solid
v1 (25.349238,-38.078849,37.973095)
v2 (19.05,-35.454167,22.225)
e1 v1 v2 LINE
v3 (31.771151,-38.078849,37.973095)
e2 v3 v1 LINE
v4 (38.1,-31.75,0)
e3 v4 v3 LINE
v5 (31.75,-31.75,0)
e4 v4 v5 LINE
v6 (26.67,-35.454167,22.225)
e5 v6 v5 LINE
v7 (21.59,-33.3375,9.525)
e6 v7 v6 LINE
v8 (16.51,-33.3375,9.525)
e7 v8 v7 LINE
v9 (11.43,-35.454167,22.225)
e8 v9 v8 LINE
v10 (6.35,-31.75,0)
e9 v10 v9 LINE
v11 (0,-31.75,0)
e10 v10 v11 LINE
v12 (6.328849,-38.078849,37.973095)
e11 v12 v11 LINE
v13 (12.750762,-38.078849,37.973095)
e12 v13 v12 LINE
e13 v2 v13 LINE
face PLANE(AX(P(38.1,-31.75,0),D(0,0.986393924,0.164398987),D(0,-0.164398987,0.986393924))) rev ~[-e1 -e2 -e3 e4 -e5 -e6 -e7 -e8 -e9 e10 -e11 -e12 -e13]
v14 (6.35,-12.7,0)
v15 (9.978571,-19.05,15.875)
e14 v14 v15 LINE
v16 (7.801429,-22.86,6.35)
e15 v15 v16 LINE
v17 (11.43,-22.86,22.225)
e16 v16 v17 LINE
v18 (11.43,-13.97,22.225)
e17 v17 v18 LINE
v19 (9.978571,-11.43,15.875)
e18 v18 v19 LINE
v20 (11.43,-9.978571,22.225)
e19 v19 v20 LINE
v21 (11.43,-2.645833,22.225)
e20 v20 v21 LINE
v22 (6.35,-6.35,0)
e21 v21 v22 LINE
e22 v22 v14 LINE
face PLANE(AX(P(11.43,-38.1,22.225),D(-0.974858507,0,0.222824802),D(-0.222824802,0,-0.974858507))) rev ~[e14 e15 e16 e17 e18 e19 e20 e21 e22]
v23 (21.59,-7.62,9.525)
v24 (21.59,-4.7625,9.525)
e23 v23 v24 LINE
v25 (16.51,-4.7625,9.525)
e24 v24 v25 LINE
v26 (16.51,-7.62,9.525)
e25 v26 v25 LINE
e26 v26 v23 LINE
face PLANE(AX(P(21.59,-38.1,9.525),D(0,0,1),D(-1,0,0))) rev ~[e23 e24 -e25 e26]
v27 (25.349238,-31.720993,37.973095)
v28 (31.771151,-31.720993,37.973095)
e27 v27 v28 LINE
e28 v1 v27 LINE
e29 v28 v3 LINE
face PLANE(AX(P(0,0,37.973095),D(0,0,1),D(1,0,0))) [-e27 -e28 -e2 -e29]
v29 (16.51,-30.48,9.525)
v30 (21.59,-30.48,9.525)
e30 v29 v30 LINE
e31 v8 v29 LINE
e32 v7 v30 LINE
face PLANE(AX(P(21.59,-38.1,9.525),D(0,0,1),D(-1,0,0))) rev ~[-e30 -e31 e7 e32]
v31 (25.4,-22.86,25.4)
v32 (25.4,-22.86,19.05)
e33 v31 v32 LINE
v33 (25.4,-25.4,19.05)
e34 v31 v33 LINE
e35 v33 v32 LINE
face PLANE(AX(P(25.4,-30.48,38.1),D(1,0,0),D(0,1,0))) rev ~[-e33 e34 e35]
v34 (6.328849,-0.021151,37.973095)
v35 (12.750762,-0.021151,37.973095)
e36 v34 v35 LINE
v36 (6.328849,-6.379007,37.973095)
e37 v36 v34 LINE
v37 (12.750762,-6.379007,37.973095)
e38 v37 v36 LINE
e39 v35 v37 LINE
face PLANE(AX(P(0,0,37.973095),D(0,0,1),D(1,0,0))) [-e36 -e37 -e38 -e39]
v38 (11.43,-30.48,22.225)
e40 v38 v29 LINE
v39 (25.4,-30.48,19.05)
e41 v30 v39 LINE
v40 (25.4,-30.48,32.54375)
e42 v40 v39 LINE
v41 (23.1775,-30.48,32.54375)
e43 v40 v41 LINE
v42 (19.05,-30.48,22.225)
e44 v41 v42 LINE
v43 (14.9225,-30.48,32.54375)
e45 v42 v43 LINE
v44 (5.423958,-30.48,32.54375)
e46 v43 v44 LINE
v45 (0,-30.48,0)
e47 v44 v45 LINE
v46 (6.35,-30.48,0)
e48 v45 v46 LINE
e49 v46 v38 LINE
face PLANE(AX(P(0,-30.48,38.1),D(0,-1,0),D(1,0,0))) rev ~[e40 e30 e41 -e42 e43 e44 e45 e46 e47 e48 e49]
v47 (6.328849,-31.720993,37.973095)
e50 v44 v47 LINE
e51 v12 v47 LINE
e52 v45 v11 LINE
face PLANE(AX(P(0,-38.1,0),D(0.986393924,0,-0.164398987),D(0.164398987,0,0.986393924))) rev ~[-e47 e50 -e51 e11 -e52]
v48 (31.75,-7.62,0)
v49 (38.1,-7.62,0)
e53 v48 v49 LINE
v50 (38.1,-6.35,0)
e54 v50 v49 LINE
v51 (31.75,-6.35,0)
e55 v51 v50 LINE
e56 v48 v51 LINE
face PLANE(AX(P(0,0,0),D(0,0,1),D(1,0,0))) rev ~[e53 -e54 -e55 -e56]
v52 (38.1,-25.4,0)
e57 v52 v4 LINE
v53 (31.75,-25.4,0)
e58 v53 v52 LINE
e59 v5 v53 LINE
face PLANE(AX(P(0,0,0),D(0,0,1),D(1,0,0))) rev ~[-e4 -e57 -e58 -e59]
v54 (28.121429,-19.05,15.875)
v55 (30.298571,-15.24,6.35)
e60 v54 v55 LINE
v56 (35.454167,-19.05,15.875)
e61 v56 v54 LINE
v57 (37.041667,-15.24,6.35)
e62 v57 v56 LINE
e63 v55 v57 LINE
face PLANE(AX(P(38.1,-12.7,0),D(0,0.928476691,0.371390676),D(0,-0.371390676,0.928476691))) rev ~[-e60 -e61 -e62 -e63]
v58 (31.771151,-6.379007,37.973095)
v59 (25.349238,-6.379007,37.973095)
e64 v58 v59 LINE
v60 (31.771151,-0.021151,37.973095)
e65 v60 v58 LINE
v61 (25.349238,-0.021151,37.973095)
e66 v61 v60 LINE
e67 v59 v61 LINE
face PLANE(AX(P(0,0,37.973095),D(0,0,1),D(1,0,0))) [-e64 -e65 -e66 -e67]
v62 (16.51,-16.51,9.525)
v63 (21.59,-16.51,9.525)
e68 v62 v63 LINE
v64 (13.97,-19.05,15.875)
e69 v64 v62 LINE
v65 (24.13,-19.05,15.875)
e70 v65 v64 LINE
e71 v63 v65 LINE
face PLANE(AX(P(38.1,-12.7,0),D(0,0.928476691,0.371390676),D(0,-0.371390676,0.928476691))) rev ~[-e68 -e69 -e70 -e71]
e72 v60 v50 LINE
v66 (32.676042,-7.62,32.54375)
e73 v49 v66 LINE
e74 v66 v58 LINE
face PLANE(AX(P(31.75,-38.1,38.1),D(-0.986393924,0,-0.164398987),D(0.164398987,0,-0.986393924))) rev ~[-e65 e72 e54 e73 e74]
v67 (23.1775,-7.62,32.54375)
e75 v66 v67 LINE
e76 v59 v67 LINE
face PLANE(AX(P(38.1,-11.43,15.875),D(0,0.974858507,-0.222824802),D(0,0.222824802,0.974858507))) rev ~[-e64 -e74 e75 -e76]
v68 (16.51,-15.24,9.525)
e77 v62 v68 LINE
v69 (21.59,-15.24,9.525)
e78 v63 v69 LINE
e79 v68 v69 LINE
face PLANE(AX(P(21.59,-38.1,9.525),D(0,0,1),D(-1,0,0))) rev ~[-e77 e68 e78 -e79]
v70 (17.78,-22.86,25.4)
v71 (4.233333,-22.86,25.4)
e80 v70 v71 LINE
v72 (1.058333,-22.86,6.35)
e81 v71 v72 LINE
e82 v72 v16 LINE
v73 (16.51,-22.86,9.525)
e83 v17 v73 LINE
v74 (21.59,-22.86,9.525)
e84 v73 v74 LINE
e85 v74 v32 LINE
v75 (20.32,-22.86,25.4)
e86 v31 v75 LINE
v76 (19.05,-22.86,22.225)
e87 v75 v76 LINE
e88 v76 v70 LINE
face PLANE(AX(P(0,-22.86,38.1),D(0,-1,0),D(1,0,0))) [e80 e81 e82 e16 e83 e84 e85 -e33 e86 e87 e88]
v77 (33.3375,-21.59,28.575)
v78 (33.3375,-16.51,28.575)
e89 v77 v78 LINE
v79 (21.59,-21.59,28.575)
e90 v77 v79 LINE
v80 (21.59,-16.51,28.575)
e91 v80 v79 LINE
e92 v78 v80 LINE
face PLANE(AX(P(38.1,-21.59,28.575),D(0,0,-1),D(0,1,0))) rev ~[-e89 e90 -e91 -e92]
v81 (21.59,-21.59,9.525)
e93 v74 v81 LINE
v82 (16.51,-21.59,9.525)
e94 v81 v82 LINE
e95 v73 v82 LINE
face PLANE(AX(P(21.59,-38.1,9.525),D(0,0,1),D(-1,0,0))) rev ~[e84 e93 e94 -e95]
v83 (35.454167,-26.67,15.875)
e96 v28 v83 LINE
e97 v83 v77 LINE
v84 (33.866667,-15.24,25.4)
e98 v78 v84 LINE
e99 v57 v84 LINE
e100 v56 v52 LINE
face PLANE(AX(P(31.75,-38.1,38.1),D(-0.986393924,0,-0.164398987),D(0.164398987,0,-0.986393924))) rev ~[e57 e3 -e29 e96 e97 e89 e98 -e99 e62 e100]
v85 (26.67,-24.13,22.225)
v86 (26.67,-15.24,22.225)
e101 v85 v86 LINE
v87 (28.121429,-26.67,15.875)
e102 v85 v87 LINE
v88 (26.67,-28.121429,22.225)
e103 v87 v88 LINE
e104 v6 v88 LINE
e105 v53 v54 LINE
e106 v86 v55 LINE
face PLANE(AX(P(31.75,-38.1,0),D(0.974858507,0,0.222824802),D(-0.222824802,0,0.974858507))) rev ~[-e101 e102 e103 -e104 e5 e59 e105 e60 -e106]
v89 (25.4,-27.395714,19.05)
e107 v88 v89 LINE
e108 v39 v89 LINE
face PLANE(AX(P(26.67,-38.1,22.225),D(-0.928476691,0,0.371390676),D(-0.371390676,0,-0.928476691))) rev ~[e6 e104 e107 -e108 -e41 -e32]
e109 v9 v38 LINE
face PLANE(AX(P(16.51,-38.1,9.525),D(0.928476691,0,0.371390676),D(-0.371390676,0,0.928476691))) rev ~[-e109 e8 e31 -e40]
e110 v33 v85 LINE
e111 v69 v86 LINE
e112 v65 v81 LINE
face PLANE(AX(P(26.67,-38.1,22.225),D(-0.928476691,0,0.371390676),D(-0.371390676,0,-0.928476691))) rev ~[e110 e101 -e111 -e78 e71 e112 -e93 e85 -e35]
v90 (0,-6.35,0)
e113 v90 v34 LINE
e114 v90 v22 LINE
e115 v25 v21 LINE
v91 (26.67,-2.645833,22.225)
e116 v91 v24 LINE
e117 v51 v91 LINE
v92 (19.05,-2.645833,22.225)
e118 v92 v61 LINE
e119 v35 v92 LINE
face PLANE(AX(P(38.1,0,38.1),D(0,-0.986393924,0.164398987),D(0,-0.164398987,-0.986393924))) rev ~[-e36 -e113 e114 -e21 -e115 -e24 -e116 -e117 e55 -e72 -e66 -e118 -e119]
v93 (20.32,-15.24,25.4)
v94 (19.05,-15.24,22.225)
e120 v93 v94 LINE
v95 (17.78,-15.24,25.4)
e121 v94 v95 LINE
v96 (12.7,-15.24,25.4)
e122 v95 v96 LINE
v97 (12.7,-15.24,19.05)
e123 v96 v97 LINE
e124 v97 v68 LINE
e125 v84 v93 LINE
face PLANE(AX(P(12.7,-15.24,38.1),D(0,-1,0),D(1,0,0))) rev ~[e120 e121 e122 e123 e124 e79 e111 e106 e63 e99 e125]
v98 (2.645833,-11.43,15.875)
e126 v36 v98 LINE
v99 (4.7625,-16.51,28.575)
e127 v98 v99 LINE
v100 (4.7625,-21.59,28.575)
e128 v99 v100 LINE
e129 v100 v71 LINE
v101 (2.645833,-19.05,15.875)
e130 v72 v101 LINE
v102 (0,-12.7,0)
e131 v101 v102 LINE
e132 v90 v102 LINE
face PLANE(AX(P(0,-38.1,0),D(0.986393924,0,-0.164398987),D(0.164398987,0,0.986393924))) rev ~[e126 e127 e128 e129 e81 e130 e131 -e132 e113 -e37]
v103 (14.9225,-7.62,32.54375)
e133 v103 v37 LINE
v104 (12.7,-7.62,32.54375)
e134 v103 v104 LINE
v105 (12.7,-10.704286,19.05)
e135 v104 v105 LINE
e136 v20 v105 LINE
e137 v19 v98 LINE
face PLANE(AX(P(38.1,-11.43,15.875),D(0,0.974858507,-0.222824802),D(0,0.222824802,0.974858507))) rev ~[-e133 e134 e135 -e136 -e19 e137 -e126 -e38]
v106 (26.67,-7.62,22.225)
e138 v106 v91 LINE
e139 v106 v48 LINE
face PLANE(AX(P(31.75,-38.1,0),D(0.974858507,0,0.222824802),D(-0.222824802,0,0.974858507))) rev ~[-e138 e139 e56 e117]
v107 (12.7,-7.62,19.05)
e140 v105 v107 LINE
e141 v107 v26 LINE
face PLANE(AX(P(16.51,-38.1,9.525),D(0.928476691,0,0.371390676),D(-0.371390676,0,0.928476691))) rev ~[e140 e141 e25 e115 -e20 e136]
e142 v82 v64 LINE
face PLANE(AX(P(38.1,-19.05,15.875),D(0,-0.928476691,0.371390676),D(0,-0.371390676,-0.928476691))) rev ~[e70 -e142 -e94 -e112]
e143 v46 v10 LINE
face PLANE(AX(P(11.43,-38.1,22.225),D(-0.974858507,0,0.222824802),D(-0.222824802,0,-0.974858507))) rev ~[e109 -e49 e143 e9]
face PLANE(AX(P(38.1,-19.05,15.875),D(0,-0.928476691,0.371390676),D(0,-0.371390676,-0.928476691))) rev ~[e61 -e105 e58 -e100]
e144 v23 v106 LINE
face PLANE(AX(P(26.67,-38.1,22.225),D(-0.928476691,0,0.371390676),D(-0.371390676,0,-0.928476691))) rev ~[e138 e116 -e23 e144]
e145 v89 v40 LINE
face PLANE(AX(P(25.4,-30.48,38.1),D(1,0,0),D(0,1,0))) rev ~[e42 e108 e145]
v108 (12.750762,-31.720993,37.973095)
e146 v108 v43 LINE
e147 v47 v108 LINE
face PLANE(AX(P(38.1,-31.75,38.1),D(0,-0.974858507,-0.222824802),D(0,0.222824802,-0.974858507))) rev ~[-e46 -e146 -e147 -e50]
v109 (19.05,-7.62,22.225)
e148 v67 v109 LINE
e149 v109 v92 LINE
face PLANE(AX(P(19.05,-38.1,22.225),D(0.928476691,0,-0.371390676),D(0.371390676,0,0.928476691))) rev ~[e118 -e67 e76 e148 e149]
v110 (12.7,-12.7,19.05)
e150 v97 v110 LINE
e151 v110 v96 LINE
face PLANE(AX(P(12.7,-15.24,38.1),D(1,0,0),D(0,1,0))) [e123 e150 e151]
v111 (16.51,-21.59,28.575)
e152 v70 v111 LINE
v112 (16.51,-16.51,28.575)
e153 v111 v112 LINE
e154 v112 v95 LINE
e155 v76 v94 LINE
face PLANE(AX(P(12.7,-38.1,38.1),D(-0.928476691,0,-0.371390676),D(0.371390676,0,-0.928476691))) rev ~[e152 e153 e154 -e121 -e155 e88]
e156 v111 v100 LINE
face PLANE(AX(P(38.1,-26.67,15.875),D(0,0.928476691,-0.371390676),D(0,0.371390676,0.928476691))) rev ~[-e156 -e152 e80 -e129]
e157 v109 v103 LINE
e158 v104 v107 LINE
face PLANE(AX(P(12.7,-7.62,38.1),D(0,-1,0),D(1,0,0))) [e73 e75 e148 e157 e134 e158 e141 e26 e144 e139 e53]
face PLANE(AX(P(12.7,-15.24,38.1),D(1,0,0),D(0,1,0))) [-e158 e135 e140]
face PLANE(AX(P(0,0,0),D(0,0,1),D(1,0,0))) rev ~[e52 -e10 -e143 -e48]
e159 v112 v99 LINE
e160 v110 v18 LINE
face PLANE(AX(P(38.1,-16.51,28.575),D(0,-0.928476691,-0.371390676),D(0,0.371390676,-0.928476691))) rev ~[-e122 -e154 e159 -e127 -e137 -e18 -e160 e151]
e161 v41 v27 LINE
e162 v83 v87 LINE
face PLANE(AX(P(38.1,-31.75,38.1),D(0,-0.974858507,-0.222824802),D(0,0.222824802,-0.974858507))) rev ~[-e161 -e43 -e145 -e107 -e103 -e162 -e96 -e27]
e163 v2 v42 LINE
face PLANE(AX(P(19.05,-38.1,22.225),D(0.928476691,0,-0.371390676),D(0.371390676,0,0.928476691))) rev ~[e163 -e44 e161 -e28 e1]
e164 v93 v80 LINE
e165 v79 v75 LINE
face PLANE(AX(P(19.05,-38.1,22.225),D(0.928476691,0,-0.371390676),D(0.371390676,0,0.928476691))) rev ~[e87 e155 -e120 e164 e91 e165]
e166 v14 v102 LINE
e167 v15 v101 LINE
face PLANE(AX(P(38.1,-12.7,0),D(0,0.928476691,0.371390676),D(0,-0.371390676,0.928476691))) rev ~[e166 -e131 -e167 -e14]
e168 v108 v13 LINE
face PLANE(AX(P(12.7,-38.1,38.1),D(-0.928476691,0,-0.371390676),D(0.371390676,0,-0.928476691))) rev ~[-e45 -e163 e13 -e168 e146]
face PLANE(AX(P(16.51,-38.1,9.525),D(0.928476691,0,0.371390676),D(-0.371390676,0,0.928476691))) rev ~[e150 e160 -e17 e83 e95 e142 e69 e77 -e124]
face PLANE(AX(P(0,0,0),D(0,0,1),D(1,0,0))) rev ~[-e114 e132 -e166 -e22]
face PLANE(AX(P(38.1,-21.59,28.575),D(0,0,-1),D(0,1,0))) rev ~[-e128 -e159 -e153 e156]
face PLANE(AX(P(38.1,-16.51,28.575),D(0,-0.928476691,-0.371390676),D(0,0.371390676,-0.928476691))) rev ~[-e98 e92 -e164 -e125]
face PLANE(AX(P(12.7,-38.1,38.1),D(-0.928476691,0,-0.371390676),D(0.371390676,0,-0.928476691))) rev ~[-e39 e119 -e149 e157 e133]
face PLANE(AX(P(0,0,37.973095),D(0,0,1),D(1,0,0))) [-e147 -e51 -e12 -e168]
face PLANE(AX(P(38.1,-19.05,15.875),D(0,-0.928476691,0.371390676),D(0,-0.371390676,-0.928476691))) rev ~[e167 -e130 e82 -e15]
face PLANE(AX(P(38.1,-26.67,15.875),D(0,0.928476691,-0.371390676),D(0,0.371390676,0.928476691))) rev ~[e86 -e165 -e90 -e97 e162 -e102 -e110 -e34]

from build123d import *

# Parameters (mm, degrees)
F0_W      = 38.1
F0_H      = 37.973095
F1_DEPTH  = 38.1
F6_DEPTH  = 38.1
F8_DEPTH  = 38.1
F9_W      = 25.4
F9_H      = 7.62
F10_DEPTH = 38.1


with BuildPart() as f1:
    # F0 (on Front) → F1 (new body)
    with BuildSketch(Plane.XZ):
        with Locations((19.05, 18.986548)):
            Rectangle(F0_W, F0_H)
    extrude(amount=F1_DEPTH)

    # F5 (on offset) → F6 (cut)
    with BuildSketch(Plane.YZ.offset(38.1)):
        Polygon((-11.43, 15.875), (-6.35, 38.1), (-31.75, 38.1), (-26.67, 15.875), (-21.59, 28.575), (-16.51, 28.575), align=None)
        Polygon((-6.35, 0), (0, 0), (0, 38.1), align=None)
        Polygon((-25.4, 0), (-12.7, 0), (-19.05, 15.875), align=None)
        Polygon((-31.75, 0), (-38.1, 38.1), (-38.1, 0), align=None)
    extrude(amount=-F6_DEPTH, mode=Mode.SUBTRACT)

    # F7 (on offset) → F8 (cut)
    with BuildSketch(Plane.XZ.offset(38.1)):
        Polygon((11.43, 22.225), (6.35, 0), (31.75, 0), (26.67, 22.225), (21.59, 9.525), (16.51, 9.525), align=None)
        Polygon((25.4, 38.1), (12.7, 38.1), (19.05, 22.225), align=None)
        Polygon((31.75, 38.1), (38.1, 0), (38.1, 38.1), align=None)
        Polygon((0, 38.1), (0, 0), (6.35, 38.1), align=None)
    extrude(amount=-F8_DEPTH, mode=Mode.SUBTRACT)

    # F9 (on offset) → F10 (cut)
    with BuildSketch(Plane.XY.offset(38.1)):
        with Locations((25.4, -11.43)):
            Rectangle(F9_W, F9_H)
        with Locations((12.7, -26.67)):
            Rectangle(F9_W, F9_H)
    extrude(amount=-F10_DEPTH, mode=Mode.SUBTRACT)


solid = f1.part
